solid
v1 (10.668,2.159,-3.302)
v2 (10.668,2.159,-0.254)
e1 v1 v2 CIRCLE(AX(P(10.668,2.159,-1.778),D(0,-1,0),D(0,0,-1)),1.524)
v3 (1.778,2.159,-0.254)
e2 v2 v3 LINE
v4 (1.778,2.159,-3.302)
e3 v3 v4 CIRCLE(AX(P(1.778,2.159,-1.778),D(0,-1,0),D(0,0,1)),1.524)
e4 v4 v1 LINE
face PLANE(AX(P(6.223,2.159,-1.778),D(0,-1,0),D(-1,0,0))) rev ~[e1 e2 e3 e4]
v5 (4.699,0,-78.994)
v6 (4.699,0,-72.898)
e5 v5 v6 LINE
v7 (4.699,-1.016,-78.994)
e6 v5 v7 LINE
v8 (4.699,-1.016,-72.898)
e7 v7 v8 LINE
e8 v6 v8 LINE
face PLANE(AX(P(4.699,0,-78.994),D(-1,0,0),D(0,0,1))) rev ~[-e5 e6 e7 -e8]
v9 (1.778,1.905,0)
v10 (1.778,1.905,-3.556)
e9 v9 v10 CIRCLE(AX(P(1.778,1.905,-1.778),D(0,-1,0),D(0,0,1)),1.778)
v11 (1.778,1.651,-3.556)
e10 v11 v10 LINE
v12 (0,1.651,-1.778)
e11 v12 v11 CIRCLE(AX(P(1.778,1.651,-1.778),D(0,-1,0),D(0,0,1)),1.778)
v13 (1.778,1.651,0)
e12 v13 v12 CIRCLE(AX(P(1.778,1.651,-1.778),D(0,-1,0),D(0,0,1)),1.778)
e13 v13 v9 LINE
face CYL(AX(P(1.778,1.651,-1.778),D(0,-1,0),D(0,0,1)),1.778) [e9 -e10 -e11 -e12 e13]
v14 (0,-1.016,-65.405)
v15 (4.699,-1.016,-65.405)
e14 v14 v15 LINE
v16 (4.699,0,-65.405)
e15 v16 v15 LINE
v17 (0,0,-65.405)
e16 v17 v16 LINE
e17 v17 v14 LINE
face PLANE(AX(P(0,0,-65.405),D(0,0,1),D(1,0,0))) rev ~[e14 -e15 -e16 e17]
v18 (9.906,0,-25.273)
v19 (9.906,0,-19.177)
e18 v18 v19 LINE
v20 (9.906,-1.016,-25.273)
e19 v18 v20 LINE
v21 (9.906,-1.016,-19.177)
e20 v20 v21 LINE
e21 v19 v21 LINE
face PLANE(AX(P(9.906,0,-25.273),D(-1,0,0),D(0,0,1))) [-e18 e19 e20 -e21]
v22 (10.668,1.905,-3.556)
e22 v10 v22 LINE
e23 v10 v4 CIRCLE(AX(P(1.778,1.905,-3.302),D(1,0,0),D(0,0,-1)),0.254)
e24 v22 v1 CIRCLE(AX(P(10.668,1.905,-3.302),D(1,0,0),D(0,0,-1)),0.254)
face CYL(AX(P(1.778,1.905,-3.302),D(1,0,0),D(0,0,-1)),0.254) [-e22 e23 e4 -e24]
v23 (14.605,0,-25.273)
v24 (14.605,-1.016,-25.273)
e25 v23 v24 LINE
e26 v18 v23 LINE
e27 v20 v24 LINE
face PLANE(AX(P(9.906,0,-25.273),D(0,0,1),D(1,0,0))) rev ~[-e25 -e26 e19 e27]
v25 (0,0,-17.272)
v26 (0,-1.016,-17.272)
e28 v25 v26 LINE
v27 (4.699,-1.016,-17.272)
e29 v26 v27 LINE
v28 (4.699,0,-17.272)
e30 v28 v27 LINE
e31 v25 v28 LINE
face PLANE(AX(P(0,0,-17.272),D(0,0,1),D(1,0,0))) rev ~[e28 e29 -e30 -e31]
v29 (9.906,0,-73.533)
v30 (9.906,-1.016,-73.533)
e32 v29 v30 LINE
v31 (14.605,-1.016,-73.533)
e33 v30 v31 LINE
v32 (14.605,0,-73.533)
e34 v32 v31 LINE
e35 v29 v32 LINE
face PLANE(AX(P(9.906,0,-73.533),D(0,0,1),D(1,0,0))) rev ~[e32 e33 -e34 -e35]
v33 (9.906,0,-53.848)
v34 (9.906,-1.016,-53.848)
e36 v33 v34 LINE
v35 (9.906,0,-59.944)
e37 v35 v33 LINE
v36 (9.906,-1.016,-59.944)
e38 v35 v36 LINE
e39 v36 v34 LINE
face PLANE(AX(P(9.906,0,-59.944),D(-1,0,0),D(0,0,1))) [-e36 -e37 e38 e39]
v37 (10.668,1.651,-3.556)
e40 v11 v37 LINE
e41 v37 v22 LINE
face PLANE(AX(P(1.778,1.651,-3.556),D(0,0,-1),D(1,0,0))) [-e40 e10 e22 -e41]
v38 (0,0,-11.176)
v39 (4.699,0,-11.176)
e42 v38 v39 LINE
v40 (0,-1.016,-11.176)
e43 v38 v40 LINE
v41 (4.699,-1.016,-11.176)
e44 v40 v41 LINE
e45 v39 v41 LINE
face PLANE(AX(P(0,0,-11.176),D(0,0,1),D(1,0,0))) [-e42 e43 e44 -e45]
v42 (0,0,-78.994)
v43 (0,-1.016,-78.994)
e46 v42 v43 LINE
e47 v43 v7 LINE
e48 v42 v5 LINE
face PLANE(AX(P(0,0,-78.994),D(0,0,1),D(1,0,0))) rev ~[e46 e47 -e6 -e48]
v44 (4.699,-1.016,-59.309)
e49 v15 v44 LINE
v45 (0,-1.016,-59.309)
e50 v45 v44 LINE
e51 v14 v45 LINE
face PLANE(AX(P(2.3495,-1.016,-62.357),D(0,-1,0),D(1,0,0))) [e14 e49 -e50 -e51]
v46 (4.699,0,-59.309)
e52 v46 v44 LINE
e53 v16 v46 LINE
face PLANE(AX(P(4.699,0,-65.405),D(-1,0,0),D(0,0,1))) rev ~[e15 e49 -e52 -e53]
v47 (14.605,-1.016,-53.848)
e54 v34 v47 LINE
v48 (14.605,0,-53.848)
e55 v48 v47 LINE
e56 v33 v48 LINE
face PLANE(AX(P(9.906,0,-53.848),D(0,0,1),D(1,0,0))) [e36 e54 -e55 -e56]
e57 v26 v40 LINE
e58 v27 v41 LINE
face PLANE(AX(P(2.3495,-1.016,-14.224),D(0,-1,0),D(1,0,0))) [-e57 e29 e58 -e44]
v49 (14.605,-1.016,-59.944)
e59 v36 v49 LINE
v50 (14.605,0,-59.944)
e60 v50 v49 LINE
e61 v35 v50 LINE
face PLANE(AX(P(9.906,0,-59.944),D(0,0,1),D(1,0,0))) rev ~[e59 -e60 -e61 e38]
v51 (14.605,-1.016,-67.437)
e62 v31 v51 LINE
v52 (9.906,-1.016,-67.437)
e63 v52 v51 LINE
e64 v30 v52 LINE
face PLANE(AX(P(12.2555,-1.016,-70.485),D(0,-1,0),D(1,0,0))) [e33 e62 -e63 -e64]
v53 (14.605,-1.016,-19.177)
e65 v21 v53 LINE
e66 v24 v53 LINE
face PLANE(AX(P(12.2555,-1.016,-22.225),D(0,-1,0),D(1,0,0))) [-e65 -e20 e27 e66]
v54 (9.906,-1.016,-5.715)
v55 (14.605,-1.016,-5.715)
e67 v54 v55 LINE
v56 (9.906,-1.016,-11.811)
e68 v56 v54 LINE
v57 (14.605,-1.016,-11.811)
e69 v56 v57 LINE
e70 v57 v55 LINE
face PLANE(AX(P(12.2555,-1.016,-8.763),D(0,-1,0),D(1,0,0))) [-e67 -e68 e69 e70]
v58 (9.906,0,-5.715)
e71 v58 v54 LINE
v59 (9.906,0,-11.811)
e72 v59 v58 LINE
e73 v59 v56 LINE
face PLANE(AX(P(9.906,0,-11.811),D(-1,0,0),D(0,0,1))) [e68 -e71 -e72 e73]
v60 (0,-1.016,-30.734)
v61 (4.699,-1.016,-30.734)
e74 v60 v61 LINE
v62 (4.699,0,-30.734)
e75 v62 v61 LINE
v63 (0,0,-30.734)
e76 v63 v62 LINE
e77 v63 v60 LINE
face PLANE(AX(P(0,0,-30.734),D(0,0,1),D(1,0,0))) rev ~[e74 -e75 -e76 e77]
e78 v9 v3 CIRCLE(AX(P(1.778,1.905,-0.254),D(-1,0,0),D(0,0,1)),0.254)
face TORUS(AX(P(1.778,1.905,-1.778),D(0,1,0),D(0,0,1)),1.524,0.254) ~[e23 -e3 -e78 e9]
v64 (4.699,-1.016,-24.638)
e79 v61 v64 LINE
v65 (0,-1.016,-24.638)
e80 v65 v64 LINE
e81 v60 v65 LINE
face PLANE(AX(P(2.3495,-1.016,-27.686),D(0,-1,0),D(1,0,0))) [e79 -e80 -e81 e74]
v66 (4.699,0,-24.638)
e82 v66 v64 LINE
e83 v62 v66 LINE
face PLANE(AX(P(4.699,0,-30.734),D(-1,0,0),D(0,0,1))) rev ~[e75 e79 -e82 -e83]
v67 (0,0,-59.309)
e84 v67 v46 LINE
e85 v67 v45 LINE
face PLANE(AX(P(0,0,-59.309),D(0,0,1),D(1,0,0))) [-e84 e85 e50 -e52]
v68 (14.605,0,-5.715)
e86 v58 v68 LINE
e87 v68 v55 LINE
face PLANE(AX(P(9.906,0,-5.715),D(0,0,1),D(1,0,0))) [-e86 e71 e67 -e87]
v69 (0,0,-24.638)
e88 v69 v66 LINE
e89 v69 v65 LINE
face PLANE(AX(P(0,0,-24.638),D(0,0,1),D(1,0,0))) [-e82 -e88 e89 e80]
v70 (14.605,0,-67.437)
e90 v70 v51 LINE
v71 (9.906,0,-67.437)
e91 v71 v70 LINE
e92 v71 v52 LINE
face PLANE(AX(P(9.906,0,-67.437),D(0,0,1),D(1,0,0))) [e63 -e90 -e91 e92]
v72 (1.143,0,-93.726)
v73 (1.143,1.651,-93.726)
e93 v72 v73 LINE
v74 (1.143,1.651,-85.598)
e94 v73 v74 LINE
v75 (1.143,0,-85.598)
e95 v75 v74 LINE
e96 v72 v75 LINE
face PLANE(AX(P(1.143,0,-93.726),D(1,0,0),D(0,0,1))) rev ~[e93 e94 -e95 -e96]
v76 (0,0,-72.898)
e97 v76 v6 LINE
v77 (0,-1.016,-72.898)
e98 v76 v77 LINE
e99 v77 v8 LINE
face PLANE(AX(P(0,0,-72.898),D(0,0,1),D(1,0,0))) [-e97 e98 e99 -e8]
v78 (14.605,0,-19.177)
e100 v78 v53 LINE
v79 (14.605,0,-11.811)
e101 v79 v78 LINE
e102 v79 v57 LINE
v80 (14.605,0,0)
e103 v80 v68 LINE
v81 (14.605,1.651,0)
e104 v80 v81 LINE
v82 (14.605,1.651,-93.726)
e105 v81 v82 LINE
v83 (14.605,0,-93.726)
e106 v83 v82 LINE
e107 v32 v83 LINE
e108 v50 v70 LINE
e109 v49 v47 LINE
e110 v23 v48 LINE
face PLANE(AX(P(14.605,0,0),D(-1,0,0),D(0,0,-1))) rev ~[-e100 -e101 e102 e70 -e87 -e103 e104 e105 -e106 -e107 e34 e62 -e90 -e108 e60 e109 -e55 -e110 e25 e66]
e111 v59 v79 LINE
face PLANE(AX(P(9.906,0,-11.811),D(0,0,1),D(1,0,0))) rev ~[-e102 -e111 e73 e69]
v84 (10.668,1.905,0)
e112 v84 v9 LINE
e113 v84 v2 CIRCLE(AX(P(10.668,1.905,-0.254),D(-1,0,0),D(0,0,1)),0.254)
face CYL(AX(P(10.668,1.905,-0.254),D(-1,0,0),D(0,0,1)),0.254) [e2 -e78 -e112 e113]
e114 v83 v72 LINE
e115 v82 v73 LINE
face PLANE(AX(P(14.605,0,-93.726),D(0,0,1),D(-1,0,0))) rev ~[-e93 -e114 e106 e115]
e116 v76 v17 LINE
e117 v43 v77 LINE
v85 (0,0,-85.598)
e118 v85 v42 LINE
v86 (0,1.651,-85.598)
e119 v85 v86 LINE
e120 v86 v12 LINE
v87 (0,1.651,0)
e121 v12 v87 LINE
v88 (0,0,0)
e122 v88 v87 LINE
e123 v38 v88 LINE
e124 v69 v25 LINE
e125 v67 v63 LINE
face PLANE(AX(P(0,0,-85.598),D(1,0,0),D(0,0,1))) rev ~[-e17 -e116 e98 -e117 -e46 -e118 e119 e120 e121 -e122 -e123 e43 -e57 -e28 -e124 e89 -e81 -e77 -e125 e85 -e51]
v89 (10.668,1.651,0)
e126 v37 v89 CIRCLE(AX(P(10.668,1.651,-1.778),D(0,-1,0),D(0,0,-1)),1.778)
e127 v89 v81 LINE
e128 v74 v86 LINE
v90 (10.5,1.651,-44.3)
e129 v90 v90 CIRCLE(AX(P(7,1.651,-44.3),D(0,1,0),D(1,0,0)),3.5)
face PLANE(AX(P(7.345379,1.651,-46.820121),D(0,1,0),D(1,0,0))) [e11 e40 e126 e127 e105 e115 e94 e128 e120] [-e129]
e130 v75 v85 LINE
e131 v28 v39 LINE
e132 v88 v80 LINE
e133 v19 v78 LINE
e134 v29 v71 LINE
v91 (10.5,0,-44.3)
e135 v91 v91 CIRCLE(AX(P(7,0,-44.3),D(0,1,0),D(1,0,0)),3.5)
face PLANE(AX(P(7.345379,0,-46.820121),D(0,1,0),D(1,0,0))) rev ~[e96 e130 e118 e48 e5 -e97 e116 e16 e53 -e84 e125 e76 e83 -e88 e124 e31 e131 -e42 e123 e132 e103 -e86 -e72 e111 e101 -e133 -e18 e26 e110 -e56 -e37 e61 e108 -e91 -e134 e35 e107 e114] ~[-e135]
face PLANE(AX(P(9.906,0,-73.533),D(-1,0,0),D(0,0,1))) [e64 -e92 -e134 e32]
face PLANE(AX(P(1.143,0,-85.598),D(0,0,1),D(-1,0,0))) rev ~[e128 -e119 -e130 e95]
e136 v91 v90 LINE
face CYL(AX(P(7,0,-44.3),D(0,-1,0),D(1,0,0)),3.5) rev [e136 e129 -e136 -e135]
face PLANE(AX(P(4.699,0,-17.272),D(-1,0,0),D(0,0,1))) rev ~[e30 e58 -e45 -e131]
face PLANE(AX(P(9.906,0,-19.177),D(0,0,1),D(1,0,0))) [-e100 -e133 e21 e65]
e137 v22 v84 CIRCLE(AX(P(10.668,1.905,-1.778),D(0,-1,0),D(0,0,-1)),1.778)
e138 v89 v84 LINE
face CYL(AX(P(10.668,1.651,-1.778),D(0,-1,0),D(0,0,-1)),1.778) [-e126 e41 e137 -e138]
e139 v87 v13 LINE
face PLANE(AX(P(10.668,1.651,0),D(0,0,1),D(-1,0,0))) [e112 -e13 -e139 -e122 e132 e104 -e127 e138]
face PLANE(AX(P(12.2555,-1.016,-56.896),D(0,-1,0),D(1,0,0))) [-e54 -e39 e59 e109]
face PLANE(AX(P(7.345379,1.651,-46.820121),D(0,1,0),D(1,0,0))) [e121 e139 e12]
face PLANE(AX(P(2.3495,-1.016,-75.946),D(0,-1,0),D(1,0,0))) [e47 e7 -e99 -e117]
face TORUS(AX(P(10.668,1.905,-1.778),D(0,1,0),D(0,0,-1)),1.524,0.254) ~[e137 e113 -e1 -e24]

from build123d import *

# Parameters (mm, degrees)
SKETCH1_R           = 3.5
BOSS_EXTRUDE1_DEPTH = 1.651
BOSS_EXTRUDE2_DEPTH = 0.508
FILLET1_R           = 0.254
SKETCH3_W           = 4.699
SKETCH3_H           = 6.096
BOSS_EXTRUDE3_DEPTH = 1.016


with BuildPart() as part:
    # Sketch1 → Boss-Extrude1 (new body)
    with BuildSketch(Plane(origin=(0, 0, 0), x_dir=(1, 0, 0), z_dir=(0, 1, 0))):
        Polygon((0, 85.598), (0, 0), (14.605, 0), (14.605, 93.726), (1.143, 93.726), (1.143, 85.598), align=None)
        with Locations((7, 44.3)):
            Circle(SKETCH1_R, mode=Mode.SUBTRACT)
    extrude(amount=BOSS_EXTRUDE1_DEPTH)

    # Sketch2 → Boss-Extrude2 (add)
    with BuildSketch(Plane(origin=(0, 1.651, 0), x_dir=(1, 0, 0), z_dir=(0, 1, 0))):
        with BuildLine():
            Line((1.778, 3.556), (10.668, 3.556))
            ThreePointArc((10.668, 3.556), (12.446, 1.778), (10.668, 0))
            Line((10.668, 0), (1.778, 0))
            ThreePointArc((1.778, 0), (0, 1.778), (1.778, 3.556))
        make_face()
    extrude(amount=BOSS_EXTRUDE2_DEPTH)

    # Fillet1
    fillet1_edges = [part.edges().sort_by_distance(p)[0] for p in [
        (6.223, 2.159, -3.556),
        (6.223, 2.159, 0),
        (12.446, 2.159, -1.778),
        (0, 2.159, -1.778),
    ]]
    fillet(fillet1_edges, radius=FILLET1_R)

    # Sketch3 → Boss-Extrude3 (add)
    with BuildSketch(Plane.XZ):
        with Locations((12.2555, -8.763)):
            Rectangle(SKETCH3_W, SKETCH3_H)
        with Locations((12.2555, -22.225)):
            Rectangle(SKETCH3_W, SKETCH3_H)
        with Locations((12.2555, -56.896)):
            Rectangle(SKETCH3_W, SKETCH3_H)
        with Locations((12.2555, -70.485)):
            Rectangle(SKETCH3_W, SKETCH3_H)
        with Locations((2.3495, -75.946)):
            Rectangle(SKETCH3_W, SKETCH3_H)
        with Locations((2.3495, -62.357)):
            Rectangle(SKETCH3_W, SKETCH3_H)
        with Locations((2.3495, -27.686)):
            Rectangle(SKETCH3_W, SKETCH3_H)
        with Locations((2.3495, -14.224)):
            Rectangle(SKETCH3_W, SKETCH3_H)
    extrude(amount=BOSS_EXTRUDE3_DEPTH)


solid = part.part
